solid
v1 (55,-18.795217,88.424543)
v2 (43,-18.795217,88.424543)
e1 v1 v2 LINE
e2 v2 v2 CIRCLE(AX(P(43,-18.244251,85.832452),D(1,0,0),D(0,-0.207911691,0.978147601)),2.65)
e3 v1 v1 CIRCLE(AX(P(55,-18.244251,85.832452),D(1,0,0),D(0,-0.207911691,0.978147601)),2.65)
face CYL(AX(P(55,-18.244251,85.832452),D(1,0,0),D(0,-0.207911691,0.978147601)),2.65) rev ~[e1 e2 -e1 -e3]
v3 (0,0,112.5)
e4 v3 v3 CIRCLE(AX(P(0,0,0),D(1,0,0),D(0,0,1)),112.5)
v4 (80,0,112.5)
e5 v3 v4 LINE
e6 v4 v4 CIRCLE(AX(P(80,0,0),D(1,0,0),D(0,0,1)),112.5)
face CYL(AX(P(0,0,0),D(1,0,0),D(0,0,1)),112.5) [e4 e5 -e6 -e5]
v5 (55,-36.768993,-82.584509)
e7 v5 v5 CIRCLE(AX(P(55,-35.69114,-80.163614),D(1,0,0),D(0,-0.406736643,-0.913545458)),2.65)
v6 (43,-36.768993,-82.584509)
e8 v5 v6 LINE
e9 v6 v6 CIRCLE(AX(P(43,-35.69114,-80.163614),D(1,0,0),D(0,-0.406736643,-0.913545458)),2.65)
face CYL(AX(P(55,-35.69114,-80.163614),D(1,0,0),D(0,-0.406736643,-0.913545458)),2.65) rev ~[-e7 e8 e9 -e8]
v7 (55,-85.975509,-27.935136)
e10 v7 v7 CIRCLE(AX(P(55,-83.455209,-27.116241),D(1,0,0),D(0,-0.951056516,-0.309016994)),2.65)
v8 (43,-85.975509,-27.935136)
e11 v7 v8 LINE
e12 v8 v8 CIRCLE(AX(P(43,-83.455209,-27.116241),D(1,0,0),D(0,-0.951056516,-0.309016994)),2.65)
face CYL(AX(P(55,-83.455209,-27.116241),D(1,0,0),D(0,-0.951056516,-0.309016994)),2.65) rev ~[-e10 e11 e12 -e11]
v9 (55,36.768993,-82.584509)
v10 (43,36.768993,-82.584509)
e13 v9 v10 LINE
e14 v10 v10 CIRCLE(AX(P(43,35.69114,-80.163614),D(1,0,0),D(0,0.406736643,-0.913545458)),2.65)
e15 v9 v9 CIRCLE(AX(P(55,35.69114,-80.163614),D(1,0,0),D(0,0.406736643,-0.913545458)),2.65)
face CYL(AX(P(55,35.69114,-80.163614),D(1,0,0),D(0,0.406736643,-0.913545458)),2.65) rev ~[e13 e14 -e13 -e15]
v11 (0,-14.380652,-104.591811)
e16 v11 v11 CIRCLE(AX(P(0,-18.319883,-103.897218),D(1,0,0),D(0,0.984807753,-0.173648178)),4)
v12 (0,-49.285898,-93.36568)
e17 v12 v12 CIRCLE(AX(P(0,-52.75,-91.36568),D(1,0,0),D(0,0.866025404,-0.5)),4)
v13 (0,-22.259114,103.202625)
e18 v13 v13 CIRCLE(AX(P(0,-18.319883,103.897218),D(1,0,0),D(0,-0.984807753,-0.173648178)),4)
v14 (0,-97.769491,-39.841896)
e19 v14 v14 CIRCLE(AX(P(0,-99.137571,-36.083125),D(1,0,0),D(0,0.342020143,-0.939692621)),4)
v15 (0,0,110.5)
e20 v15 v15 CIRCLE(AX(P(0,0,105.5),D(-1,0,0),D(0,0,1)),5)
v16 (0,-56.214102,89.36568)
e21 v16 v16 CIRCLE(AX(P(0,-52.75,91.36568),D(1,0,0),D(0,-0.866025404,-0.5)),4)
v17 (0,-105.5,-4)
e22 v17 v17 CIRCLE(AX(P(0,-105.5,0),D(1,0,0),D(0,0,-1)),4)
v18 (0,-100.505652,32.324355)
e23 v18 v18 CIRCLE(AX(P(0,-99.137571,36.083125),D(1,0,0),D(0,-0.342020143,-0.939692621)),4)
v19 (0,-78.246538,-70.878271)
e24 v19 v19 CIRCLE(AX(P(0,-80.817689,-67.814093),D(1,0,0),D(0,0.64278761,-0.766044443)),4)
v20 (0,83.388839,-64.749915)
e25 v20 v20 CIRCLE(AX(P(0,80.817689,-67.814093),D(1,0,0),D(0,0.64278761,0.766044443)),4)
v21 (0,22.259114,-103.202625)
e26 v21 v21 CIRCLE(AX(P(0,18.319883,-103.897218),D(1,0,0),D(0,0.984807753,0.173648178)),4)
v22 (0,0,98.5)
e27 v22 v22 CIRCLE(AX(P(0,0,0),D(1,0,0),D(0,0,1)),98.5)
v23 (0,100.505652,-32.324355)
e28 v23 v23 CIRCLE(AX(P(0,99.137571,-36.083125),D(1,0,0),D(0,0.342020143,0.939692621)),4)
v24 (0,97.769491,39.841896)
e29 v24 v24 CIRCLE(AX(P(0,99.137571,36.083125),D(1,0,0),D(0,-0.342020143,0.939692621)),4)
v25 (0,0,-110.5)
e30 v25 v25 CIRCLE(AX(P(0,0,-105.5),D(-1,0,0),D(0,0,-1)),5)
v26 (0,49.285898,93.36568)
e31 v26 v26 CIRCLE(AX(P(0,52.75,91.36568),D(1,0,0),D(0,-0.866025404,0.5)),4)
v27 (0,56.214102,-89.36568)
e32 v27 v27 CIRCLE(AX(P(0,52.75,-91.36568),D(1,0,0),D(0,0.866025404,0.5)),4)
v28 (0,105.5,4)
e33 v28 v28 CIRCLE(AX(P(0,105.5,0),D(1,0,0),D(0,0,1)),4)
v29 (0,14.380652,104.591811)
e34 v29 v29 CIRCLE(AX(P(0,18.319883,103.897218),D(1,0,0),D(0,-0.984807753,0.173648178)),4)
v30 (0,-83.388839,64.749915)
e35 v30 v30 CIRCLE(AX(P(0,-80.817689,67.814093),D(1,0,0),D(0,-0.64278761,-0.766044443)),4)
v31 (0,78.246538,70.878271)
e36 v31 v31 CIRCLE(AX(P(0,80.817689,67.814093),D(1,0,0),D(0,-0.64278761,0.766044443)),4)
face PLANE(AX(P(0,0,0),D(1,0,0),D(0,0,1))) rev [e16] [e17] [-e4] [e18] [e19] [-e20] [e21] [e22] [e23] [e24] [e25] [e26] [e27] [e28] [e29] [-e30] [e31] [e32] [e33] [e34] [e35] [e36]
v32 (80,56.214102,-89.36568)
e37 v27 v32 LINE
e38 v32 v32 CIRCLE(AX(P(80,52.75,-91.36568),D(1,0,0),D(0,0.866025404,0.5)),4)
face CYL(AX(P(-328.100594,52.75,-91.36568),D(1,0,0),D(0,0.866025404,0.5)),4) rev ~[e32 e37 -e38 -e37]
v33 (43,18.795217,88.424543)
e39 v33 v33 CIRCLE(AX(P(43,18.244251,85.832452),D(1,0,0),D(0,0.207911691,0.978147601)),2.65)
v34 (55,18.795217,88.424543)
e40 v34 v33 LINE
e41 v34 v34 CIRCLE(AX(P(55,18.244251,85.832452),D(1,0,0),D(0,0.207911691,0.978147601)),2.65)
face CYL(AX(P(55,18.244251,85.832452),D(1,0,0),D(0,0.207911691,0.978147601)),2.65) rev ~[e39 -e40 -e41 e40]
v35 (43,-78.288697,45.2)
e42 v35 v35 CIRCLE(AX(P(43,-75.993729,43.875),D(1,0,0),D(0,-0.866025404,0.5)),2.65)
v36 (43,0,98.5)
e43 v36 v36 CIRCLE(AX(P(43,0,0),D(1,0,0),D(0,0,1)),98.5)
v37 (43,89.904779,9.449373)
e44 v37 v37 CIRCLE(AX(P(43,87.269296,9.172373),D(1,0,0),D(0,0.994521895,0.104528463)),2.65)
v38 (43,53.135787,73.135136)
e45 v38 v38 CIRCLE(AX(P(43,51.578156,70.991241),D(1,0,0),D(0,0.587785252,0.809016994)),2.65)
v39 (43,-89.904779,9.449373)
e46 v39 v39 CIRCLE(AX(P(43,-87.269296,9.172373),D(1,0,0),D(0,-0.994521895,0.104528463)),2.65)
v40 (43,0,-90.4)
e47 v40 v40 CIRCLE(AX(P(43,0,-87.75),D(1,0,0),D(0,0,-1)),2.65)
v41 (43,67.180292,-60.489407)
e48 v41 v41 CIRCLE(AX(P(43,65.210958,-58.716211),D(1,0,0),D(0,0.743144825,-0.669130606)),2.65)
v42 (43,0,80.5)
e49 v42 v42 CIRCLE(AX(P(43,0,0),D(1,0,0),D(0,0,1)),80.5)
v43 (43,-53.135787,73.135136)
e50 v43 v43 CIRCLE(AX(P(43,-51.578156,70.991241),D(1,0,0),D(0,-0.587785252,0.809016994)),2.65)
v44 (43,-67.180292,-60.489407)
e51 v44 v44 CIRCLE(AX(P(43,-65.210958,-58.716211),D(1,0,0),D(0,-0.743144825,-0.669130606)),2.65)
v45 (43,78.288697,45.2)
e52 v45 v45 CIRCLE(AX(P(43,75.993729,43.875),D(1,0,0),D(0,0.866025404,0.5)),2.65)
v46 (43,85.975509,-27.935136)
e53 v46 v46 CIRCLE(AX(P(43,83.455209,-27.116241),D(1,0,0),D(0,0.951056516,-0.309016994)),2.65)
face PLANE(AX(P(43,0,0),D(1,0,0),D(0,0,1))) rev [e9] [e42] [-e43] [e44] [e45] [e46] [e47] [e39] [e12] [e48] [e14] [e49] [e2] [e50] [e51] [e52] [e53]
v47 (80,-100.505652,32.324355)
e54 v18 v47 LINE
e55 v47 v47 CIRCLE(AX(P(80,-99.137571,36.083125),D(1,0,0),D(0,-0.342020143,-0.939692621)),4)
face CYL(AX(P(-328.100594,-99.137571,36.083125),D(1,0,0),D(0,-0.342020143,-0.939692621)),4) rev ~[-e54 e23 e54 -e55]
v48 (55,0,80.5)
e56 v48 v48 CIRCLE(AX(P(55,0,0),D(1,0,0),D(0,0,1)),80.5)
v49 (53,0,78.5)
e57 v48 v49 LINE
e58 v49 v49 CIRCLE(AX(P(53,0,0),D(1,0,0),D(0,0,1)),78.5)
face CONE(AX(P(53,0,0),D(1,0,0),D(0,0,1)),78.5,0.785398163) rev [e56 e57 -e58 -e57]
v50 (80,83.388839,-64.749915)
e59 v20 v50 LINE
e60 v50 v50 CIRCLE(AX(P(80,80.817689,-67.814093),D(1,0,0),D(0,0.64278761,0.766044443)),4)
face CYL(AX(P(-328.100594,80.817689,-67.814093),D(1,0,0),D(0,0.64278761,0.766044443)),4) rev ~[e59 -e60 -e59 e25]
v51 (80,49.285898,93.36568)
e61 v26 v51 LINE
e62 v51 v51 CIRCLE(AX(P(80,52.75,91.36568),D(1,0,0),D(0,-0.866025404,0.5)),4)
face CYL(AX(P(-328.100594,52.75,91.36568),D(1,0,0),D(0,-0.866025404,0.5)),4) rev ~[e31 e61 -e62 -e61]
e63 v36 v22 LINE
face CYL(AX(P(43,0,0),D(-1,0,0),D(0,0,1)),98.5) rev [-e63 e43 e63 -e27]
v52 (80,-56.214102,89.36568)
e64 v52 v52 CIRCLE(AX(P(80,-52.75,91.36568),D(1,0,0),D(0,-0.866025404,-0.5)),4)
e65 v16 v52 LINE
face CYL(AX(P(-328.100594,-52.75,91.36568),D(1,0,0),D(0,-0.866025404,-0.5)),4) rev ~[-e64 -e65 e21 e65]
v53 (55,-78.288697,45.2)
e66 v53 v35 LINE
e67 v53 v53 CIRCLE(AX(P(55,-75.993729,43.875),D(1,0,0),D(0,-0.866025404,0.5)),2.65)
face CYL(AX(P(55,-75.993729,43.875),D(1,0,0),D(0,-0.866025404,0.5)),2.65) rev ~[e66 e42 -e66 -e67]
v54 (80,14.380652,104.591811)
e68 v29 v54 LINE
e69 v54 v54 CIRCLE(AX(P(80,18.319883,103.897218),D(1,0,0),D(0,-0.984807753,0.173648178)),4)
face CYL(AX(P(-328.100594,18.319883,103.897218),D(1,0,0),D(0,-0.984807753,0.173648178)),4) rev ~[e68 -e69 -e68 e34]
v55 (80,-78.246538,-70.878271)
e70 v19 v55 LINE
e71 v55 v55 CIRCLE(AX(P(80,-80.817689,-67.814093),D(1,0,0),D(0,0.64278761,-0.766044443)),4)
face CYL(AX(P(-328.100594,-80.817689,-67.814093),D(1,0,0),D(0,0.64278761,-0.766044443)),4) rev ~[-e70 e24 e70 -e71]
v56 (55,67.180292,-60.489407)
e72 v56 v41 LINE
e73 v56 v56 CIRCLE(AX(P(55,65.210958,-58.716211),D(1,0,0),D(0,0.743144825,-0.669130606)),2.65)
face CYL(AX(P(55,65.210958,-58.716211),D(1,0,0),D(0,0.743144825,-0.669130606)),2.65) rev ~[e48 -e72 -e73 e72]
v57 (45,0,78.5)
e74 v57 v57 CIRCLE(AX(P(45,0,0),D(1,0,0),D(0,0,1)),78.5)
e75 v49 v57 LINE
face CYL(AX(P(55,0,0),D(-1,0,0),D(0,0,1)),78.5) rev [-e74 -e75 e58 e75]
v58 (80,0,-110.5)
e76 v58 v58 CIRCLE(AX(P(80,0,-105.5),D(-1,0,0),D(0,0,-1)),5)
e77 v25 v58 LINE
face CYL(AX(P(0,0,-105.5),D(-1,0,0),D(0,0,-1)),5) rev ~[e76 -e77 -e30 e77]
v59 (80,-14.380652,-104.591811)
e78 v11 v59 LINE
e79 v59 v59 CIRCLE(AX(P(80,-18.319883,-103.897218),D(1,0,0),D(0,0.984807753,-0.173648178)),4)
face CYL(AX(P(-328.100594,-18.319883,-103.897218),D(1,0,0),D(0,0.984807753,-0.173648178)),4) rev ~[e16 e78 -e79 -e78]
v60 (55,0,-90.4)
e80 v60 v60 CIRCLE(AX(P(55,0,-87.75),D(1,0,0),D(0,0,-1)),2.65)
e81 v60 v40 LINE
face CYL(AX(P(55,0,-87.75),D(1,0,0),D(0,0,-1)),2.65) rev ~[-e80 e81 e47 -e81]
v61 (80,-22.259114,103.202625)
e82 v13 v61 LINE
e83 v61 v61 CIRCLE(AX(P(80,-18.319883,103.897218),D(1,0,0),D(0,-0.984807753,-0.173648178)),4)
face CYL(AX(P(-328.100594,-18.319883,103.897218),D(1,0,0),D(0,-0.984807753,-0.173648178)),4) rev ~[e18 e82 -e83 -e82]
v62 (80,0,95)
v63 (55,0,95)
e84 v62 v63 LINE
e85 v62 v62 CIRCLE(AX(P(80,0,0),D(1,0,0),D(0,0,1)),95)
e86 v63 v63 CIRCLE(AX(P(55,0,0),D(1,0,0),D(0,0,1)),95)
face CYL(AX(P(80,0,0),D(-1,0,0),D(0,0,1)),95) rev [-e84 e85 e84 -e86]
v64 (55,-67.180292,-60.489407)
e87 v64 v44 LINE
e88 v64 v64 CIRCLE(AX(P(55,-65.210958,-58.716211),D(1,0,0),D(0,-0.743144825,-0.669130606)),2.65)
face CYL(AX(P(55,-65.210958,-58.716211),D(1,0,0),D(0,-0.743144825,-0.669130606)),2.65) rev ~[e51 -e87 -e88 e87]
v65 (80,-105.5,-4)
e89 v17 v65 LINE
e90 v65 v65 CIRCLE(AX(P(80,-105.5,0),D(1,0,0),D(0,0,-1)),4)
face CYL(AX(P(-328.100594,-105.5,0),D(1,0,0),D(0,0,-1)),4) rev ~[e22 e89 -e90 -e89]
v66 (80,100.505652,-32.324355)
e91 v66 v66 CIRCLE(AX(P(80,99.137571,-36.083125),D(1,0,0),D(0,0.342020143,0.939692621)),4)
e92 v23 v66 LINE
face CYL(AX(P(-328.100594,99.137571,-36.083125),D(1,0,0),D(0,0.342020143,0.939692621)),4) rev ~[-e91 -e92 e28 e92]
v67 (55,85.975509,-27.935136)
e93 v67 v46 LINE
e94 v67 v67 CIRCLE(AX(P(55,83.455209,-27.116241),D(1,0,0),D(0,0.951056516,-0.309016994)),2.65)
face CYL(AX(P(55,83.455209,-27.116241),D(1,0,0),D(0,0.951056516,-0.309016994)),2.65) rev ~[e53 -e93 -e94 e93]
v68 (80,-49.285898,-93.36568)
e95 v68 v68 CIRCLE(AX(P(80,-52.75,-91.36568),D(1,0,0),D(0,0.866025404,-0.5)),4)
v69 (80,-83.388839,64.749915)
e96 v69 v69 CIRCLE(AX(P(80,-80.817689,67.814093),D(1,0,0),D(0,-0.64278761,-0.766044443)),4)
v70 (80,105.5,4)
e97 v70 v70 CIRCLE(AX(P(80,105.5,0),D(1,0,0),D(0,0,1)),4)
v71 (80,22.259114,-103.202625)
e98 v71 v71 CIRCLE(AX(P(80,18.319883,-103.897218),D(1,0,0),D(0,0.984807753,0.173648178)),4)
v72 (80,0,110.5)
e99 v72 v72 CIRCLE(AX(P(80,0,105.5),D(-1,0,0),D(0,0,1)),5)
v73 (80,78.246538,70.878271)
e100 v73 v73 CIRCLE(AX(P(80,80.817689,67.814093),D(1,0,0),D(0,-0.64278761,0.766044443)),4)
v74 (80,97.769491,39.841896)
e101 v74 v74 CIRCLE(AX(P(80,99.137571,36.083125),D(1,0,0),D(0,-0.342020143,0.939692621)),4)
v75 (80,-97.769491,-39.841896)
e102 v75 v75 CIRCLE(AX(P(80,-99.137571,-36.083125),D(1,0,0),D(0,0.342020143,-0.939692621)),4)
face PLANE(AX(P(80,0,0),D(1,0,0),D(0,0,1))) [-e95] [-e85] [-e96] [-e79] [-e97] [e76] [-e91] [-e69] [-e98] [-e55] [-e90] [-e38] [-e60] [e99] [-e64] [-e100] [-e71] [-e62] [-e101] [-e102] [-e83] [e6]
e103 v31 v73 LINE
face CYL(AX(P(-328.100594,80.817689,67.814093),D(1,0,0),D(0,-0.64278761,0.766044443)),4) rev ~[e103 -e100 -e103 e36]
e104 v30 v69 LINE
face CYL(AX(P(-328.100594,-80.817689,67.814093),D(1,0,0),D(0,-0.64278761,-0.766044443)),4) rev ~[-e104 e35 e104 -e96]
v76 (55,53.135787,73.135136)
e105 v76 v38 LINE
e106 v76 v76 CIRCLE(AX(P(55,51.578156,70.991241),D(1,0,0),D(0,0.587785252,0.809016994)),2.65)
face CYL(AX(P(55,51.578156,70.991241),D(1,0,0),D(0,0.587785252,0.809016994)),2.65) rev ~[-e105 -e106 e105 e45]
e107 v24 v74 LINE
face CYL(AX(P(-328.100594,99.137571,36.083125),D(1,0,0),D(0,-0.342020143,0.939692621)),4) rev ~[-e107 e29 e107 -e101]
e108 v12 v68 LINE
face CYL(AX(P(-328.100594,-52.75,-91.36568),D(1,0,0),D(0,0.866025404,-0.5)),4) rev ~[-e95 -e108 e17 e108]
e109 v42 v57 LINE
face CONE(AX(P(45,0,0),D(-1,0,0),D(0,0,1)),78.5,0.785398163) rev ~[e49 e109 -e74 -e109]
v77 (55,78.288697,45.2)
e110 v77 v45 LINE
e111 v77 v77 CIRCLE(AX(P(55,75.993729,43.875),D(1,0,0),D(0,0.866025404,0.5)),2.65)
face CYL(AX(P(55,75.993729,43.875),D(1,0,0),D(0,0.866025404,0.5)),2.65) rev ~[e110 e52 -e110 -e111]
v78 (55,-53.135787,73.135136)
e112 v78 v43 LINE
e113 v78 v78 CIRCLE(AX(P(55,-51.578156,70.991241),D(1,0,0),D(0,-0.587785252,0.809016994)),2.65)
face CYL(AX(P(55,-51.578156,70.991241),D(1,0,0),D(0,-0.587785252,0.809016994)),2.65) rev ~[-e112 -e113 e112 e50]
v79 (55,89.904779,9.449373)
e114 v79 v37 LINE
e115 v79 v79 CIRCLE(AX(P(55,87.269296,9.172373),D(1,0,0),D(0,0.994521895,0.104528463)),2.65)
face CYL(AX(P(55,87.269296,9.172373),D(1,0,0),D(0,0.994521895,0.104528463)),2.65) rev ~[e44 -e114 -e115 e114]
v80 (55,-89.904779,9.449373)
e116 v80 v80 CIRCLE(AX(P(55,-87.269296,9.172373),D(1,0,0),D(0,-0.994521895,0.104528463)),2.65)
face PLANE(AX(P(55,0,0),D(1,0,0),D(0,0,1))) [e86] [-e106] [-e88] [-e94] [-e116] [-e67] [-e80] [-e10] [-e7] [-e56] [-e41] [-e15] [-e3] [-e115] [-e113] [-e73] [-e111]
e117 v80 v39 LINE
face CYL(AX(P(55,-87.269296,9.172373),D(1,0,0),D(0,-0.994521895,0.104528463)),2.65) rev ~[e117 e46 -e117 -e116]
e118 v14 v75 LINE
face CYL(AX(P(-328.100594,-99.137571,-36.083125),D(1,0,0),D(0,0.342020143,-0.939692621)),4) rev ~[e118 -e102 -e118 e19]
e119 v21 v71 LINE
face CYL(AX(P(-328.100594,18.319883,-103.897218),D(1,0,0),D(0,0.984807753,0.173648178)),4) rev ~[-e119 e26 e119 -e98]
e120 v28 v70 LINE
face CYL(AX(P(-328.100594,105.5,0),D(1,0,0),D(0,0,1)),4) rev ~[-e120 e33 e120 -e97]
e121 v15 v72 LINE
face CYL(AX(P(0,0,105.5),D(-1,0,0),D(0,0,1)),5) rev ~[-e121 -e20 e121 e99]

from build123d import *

# Parameters (mm, degrees)
F_8_0MM_DOWEL_HOLE1_D = 8
CIRPATTERN1_COUNT     = 18
SKETCH4_R             = 5
CUT_EXTRUDE1_DEPTH    = 179.080038185
SKETCH5_R             = 2.65
CUT_EXTRUDE2_DEPTH    = 169.337458695
CIRPATTERN2_COUNT     = 15
CHAMFER1_SIZE         = 2


with BuildPart() as part:
    # Sketch1 → Revolve1 (revolve)
    with BuildSketch(Plane.XY):
        Polygon((0, 112.5), (80, 112.5), (80, 95), (55, 95), (55, 78.5), (43, 78.5), (43, 98.5), (0, 98.5), align=None)
    revolve(axis=Axis((0, 0, 0), (1, 0, 0)))

    # Ø8.0mm Dowel Hole1 (through all)
    with Locations(Plane(origin=(0, 105.5, 0), x_dir=(0, 0, -1), z_dir=(-1, 0, 0))):
        with Locations((0, 0)):
            f_8_0mm_dowel_hole1 = Hole(F_8_0MM_DOWEL_HOLE1_D / 2)

    # CirPattern1: Ø8.0mm Dowel Hole1 ×18 about axis
    cirpattern1_axis = Axis((80, 0, 0), (-1, 0, 0))
    for i in range(1, CIRPATTERN1_COUNT):
        add(f_8_0mm_dowel_hole1.rotate(cirpattern1_axis, i * 360 / CIRPATTERN1_COUNT), mode=Mode.SUBTRACT)

    # Sketch4 → Cut-Extrude1 (cut, through all)
    with BuildSketch(Plane.ZY):
        with Locations((105.5, 0)):
            Circle(SKETCH4_R)
        with Locations((-105.5, 0)):
            Circle(SKETCH4_R)
    extrude(amount=-CUT_EXTRUDE1_DEPTH, mode=Mode.SUBTRACT)

    # Sketch5 → Cut-Extrude2 (cut, through all)
    with BuildSketch(Plane(origin=(55, 0, 0), x_dir=(0, 0, -1), z_dir=(1, 0, 0))):
        with Locations((87.75, 0)):
            Circle(SKETCH5_R)
    cut_extrude2 = extrude(amount=-CUT_EXTRUDE2_DEPTH, mode=Mode.SUBTRACT)

    # CirPattern2: Cut-Extrude2 ×15 about axis
    cirpattern2_axis = Axis((80, 0, 0), (-1, 0, 0))
    for i in range(1, CIRPATTERN2_COUNT):
        add(cut_extrude2.rotate(cirpattern2_axis, i * 360 / CIRPATTERN2_COUNT), mode=Mode.SUBTRACT)

    # Chamfer1
    chamfer1_edges = [part.edges().sort_by_distance(p)[0] for p in [
        (43, -78.5, 0),
        (55, -78.5, 0),
    ]]
    chamfer(chamfer1_edges, length=CHAMFER1_SIZE)


solid = part.part
